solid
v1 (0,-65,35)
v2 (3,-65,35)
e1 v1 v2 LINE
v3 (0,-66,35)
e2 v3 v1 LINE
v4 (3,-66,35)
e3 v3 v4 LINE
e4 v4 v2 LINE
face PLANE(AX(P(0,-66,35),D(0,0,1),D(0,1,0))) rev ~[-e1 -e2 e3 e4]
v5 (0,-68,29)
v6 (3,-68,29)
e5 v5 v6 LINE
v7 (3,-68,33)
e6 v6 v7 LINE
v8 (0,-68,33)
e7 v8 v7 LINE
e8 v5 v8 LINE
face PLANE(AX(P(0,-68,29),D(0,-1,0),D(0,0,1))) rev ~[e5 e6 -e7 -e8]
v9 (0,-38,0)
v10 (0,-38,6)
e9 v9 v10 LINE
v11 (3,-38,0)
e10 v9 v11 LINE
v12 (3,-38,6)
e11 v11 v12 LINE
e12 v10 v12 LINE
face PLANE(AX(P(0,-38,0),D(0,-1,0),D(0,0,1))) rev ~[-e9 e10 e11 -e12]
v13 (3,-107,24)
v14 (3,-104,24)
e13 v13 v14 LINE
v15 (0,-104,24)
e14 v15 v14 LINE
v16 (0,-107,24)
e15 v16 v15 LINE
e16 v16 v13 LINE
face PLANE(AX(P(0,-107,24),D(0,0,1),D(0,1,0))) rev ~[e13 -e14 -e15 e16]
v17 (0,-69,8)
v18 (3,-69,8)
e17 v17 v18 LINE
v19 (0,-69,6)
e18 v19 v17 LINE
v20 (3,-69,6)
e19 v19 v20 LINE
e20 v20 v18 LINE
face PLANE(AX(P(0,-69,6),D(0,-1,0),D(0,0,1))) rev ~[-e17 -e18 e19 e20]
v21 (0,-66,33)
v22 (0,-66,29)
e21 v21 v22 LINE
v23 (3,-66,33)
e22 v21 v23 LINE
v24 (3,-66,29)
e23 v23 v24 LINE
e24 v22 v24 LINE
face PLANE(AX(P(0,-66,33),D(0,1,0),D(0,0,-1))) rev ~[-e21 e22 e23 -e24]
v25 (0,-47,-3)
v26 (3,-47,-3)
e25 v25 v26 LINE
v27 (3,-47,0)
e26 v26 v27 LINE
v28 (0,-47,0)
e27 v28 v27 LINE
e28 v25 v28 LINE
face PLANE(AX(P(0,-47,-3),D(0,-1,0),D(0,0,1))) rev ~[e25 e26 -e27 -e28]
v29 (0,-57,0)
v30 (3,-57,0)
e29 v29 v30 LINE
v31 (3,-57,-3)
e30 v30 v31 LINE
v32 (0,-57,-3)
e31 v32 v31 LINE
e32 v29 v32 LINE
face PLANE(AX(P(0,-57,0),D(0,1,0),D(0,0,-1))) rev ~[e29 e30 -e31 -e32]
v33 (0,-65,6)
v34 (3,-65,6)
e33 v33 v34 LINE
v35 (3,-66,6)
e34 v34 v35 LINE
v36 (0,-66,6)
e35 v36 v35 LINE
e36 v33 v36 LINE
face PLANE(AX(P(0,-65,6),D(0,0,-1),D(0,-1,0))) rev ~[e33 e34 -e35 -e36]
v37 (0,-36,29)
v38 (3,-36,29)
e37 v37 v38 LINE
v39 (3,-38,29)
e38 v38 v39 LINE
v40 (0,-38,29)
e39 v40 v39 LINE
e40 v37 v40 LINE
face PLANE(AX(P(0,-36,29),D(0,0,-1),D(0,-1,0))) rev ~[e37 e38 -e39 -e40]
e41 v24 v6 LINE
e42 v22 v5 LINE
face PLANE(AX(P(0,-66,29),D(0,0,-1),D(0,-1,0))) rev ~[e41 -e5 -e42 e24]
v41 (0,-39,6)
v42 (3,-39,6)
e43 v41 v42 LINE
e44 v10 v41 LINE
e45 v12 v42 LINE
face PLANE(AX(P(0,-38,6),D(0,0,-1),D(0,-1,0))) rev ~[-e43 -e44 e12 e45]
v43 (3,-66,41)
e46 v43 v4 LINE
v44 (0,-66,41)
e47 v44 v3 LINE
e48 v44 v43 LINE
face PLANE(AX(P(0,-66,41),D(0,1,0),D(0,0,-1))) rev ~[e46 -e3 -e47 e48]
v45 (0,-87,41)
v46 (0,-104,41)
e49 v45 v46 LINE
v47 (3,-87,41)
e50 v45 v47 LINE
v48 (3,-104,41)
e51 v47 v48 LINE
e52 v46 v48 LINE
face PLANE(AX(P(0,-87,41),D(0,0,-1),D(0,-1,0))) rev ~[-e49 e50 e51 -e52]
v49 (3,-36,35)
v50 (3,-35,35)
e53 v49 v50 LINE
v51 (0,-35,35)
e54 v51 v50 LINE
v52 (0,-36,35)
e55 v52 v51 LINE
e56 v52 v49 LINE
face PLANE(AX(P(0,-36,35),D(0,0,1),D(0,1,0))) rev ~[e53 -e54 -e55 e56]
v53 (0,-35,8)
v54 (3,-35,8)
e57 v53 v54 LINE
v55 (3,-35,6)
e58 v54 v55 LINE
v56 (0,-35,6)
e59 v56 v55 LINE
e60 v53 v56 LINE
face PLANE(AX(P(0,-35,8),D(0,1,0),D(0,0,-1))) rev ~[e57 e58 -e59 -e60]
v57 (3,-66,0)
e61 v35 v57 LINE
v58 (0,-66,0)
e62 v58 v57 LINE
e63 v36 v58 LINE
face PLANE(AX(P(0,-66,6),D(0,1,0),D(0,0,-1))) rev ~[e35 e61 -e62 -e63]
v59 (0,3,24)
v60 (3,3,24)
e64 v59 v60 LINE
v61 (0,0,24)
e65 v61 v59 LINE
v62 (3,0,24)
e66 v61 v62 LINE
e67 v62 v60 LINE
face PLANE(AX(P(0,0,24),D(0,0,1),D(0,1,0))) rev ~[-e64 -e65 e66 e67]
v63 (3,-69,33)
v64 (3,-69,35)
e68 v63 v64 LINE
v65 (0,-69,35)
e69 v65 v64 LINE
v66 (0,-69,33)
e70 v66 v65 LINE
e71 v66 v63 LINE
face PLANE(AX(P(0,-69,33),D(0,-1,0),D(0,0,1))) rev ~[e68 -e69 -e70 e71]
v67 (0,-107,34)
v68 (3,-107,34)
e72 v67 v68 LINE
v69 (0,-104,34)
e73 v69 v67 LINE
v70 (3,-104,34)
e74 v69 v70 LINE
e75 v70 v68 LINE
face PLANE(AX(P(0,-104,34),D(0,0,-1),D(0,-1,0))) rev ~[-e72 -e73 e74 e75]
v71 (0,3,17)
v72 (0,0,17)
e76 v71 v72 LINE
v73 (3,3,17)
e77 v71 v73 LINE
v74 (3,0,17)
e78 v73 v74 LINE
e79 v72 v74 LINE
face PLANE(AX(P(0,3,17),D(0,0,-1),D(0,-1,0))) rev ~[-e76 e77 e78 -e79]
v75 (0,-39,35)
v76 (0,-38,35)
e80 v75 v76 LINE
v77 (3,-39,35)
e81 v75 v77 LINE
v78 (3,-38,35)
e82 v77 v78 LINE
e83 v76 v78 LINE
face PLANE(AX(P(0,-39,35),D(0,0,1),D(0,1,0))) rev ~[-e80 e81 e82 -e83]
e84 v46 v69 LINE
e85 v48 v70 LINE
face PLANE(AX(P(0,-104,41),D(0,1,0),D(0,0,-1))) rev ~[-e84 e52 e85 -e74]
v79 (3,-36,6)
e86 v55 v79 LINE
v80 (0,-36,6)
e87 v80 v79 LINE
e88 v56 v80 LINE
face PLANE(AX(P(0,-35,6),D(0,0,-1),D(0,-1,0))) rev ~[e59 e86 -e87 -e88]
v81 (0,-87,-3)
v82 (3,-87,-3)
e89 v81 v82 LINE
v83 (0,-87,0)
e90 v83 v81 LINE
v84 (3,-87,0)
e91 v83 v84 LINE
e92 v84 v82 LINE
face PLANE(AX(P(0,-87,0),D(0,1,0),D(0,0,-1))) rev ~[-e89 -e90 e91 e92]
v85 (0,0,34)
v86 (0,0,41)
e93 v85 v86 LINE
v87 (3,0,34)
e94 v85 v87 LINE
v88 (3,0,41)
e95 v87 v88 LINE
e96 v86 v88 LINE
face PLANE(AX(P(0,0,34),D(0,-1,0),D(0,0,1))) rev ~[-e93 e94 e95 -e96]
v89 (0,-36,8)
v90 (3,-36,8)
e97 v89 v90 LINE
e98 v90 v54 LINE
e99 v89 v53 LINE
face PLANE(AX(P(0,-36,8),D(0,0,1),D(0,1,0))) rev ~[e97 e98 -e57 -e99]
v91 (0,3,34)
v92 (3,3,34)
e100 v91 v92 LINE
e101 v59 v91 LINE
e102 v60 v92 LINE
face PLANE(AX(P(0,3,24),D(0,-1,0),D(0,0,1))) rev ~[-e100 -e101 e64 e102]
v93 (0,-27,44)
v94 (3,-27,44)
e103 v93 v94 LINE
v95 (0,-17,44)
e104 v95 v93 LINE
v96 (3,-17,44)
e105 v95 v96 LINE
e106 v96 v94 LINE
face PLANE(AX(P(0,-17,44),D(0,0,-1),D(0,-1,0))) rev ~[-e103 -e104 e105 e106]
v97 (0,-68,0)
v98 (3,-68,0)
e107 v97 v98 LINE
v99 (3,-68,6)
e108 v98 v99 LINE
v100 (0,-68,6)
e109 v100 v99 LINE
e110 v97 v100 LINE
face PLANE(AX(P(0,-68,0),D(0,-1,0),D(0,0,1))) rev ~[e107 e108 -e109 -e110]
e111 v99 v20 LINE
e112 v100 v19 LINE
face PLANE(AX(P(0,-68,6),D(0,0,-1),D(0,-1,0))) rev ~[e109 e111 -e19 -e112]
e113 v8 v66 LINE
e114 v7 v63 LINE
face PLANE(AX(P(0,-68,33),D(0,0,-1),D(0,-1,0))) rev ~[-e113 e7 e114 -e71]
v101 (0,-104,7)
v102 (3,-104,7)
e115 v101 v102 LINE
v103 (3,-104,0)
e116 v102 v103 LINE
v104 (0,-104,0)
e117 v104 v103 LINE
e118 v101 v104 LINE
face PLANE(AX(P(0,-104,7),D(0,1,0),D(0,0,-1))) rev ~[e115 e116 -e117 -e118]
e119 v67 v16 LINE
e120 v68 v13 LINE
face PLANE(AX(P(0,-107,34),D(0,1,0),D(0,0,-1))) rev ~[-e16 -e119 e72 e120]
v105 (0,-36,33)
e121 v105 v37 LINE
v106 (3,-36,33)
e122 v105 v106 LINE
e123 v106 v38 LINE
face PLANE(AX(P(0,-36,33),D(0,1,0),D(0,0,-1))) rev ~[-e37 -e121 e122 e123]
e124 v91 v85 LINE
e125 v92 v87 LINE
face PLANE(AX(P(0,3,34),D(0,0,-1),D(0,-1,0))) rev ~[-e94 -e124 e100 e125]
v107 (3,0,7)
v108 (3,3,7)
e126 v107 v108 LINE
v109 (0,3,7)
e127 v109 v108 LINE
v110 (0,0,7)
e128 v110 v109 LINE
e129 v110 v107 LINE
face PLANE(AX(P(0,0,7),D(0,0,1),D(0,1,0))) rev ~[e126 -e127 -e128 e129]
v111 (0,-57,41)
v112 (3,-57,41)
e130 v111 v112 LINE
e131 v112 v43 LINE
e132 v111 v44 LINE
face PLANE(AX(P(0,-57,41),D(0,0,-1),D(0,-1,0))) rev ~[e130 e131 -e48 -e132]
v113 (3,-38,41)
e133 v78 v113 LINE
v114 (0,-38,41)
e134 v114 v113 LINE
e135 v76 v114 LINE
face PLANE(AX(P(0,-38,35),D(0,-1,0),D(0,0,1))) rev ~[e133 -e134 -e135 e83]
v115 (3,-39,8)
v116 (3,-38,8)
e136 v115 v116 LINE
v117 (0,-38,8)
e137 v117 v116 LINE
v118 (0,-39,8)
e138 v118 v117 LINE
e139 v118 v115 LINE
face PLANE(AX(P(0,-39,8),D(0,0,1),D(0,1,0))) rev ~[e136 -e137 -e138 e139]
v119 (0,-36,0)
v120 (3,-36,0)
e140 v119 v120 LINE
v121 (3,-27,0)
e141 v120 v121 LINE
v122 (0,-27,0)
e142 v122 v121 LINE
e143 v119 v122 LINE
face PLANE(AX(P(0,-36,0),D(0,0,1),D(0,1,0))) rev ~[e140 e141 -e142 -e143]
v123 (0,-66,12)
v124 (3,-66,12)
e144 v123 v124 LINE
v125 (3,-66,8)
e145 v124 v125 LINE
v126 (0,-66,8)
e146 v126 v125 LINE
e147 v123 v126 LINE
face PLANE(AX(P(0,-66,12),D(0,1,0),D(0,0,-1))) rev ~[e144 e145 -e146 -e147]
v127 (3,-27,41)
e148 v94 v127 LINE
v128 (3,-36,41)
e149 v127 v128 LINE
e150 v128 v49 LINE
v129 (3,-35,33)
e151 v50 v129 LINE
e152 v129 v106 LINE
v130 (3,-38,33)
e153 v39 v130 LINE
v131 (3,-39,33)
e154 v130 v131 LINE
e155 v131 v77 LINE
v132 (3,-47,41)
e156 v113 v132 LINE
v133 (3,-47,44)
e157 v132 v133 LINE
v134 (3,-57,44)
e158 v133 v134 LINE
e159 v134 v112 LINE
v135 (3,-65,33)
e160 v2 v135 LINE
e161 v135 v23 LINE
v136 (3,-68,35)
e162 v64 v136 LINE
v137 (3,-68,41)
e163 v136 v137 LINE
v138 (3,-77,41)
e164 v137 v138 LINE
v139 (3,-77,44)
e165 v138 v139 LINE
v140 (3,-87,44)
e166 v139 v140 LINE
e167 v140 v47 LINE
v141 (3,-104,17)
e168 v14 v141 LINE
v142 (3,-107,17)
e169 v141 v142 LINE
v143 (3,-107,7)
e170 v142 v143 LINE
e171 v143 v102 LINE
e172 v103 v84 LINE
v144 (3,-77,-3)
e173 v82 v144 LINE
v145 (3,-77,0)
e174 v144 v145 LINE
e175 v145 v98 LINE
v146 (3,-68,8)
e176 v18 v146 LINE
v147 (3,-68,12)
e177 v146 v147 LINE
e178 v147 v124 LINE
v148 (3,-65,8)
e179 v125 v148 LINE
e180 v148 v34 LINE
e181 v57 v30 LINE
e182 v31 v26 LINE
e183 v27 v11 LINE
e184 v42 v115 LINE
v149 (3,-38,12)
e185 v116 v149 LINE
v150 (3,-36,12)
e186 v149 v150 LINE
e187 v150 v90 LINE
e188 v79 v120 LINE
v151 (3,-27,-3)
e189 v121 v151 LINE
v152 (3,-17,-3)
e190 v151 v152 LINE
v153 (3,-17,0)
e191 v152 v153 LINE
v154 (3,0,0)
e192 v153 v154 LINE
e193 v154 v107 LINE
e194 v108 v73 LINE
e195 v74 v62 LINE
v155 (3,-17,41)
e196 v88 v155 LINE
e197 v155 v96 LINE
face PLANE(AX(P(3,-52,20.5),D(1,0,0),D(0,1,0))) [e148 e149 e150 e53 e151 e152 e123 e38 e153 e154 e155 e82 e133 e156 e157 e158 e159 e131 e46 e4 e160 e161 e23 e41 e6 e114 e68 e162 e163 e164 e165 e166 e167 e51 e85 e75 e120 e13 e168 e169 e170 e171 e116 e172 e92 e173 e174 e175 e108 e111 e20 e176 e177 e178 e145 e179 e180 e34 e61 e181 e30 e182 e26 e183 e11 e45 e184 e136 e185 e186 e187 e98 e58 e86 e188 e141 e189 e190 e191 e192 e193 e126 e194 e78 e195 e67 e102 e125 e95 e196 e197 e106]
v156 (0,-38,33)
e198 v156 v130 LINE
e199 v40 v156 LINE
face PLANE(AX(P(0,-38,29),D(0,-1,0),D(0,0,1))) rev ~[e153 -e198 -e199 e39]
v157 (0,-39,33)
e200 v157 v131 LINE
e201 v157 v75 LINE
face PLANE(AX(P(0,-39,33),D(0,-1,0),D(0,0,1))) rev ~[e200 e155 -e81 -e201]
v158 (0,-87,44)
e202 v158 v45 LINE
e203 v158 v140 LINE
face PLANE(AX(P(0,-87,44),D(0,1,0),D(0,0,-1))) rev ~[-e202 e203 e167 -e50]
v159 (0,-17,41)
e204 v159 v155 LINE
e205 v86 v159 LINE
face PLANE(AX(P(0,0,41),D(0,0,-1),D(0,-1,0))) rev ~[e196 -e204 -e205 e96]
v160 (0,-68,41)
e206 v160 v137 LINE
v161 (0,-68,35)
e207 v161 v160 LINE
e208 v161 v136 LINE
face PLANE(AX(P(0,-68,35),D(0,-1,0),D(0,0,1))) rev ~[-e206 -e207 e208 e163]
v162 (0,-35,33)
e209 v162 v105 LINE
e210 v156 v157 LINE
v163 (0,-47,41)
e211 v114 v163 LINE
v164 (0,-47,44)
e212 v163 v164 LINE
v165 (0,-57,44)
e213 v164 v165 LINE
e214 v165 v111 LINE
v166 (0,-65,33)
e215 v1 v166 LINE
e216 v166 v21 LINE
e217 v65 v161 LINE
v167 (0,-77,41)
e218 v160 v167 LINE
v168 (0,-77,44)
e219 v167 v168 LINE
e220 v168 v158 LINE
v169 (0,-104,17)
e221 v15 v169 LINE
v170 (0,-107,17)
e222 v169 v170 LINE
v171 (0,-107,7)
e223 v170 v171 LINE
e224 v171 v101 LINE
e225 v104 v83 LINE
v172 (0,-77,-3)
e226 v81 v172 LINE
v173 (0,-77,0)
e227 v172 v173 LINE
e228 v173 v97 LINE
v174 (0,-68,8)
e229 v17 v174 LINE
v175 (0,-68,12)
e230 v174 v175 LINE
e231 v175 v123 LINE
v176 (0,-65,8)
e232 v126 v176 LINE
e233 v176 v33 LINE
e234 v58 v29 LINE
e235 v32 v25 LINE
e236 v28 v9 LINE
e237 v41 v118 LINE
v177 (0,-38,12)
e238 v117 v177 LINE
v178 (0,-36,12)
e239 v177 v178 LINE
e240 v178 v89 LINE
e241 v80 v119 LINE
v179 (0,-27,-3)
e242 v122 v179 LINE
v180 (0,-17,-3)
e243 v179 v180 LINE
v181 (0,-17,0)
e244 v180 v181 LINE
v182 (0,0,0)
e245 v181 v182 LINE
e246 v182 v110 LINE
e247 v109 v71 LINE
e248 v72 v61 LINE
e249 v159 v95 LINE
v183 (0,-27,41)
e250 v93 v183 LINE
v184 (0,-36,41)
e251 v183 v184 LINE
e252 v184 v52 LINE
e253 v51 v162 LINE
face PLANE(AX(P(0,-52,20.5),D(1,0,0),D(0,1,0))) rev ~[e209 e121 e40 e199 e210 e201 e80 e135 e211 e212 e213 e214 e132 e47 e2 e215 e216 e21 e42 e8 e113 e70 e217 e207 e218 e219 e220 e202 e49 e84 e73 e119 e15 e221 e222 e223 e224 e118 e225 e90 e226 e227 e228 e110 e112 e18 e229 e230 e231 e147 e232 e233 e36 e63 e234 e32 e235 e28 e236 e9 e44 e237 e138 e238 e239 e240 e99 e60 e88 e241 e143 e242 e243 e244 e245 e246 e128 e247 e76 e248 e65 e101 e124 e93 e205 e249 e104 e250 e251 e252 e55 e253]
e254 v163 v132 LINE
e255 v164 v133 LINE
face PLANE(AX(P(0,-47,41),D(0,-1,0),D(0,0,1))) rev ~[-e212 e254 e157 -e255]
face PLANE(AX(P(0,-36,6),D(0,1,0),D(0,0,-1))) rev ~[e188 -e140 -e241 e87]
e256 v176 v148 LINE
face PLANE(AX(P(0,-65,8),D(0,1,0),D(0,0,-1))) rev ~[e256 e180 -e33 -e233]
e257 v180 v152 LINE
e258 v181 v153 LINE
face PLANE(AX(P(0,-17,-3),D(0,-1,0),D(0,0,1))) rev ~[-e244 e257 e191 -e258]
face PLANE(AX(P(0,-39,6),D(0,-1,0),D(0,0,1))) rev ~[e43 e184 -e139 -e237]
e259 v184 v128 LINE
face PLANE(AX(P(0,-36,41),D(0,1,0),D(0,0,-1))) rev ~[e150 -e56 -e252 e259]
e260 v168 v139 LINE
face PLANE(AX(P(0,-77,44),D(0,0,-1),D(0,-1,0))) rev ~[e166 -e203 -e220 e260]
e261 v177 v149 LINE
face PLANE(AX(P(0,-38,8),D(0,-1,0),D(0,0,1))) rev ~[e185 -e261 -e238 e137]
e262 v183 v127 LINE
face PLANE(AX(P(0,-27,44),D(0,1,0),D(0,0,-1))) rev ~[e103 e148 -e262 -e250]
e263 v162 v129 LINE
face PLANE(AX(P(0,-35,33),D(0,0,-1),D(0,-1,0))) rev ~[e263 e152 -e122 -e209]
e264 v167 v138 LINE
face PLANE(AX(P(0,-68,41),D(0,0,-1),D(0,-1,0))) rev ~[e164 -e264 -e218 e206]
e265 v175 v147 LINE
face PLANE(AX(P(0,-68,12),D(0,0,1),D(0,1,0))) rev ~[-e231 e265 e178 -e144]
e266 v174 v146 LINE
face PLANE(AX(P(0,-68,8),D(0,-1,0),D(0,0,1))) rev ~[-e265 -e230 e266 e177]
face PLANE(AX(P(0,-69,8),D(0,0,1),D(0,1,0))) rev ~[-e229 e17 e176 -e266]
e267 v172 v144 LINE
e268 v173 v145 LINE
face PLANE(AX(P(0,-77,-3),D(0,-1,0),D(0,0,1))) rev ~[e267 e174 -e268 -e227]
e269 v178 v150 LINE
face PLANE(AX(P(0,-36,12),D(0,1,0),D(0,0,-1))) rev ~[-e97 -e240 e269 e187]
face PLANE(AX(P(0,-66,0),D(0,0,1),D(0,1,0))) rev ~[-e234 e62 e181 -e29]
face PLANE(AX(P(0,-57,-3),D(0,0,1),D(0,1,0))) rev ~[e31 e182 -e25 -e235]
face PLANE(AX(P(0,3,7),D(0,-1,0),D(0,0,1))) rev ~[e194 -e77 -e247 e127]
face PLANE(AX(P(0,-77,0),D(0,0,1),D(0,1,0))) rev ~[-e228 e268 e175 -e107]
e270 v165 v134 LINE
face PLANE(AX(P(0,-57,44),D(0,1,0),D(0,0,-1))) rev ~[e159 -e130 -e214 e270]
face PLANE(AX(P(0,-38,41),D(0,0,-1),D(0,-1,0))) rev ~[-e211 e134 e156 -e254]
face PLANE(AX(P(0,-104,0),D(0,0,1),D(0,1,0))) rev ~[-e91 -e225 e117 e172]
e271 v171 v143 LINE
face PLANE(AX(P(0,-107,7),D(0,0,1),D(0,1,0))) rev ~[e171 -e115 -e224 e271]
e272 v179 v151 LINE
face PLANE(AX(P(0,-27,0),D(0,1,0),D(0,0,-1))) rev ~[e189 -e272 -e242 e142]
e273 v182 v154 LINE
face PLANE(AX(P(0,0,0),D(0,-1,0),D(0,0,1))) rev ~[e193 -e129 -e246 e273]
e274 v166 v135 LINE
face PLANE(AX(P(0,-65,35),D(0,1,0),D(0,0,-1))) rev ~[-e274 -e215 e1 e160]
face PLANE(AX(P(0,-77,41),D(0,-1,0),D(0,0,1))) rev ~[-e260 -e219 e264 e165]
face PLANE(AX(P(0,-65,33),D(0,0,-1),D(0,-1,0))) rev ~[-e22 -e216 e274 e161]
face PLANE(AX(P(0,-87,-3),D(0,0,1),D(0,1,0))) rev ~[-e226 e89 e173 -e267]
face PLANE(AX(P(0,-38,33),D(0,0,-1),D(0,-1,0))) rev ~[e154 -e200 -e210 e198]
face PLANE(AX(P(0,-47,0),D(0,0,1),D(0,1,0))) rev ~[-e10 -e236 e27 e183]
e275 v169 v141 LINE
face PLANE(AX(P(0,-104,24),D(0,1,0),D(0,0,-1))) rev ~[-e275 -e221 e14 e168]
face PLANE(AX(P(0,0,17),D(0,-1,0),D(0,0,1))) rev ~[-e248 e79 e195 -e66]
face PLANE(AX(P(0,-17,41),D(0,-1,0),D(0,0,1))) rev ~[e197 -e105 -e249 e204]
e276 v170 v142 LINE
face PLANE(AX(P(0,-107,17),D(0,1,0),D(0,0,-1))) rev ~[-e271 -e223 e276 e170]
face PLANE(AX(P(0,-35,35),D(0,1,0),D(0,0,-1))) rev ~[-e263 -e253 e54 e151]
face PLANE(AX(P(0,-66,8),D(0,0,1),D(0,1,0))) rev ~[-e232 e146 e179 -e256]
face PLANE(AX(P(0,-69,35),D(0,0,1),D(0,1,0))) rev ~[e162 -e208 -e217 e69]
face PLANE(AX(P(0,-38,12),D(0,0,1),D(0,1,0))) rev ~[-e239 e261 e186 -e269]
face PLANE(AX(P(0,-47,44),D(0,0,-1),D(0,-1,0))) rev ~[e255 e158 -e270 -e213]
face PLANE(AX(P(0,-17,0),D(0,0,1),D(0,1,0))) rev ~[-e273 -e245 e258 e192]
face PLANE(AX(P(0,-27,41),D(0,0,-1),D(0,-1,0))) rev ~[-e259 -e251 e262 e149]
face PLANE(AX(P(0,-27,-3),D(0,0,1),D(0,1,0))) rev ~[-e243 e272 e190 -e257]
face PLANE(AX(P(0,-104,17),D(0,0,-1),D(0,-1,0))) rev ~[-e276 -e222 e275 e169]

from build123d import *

# Parameters (mm, degrees)
F1_DEPTH = 3


with BuildPart() as f1:
    # F0 (on Right) → F1 (new body)
    with BuildSketch(Plane.YZ):
        Polygon((-17, 0), (0, 0), (0, 7), (3, 7), (3, 17), (0, 17), (0, 24), (3, 24), (3, 34), (0, 34), (0, 41), (-17, 41), (-17, 44), (-27, 44), (-27, 41), (-36, 41), (-36, 35), (-35, 35), (-35, 33), (-36, 33), (-36, 29), (-38, 29), (-38, 33), (-39, 33), (-39, 35), (-38, 35), (-38, 41), (-47, 41), (-47, 44), (-52, 44), (-57, 44), (-57, 41), (-66, 41), (-66, 35), (-65, 35), (-65, 33), (-66, 33), (-66, 29), (-68, 29), (-68, 33), (-69, 33), (-69, 35), (-68, 35), (-68, 41), (-77, 41), (-77, 44), (-87, 44), (-87, 41), (-104, 41), (-104, 34), (-107, 34), (-107, 24), (-104, 24), (-104, 17), (-107, 17), (-107, 7), (-104, 7), (-104, 0), (-87, 0), (-87, -3), (-77, -3), (-77, 0), (-68, 0), (-68, 6), (-69, 6), (-69, 8), (-68, 8), (-68, 12), (-66, 12), (-66, 8), (-65, 8), (-65, 6), (-66, 6), (-66, 0), (-57, 0), (-57, -3), (-52, -3), (-47, -3), (-47, 0), (-38, 0), (-38, 6), (-39, 6), (-39, 8), (-38, 8), (-38, 12), (-36, 12), (-36, 8), (-35, 8), (-35, 6), (-36, 6), (-36, 0), (-27, 0), (-27, -3), (-17, -3), align=None)
    extrude(amount=F1_DEPTH)


solid = f1.part
